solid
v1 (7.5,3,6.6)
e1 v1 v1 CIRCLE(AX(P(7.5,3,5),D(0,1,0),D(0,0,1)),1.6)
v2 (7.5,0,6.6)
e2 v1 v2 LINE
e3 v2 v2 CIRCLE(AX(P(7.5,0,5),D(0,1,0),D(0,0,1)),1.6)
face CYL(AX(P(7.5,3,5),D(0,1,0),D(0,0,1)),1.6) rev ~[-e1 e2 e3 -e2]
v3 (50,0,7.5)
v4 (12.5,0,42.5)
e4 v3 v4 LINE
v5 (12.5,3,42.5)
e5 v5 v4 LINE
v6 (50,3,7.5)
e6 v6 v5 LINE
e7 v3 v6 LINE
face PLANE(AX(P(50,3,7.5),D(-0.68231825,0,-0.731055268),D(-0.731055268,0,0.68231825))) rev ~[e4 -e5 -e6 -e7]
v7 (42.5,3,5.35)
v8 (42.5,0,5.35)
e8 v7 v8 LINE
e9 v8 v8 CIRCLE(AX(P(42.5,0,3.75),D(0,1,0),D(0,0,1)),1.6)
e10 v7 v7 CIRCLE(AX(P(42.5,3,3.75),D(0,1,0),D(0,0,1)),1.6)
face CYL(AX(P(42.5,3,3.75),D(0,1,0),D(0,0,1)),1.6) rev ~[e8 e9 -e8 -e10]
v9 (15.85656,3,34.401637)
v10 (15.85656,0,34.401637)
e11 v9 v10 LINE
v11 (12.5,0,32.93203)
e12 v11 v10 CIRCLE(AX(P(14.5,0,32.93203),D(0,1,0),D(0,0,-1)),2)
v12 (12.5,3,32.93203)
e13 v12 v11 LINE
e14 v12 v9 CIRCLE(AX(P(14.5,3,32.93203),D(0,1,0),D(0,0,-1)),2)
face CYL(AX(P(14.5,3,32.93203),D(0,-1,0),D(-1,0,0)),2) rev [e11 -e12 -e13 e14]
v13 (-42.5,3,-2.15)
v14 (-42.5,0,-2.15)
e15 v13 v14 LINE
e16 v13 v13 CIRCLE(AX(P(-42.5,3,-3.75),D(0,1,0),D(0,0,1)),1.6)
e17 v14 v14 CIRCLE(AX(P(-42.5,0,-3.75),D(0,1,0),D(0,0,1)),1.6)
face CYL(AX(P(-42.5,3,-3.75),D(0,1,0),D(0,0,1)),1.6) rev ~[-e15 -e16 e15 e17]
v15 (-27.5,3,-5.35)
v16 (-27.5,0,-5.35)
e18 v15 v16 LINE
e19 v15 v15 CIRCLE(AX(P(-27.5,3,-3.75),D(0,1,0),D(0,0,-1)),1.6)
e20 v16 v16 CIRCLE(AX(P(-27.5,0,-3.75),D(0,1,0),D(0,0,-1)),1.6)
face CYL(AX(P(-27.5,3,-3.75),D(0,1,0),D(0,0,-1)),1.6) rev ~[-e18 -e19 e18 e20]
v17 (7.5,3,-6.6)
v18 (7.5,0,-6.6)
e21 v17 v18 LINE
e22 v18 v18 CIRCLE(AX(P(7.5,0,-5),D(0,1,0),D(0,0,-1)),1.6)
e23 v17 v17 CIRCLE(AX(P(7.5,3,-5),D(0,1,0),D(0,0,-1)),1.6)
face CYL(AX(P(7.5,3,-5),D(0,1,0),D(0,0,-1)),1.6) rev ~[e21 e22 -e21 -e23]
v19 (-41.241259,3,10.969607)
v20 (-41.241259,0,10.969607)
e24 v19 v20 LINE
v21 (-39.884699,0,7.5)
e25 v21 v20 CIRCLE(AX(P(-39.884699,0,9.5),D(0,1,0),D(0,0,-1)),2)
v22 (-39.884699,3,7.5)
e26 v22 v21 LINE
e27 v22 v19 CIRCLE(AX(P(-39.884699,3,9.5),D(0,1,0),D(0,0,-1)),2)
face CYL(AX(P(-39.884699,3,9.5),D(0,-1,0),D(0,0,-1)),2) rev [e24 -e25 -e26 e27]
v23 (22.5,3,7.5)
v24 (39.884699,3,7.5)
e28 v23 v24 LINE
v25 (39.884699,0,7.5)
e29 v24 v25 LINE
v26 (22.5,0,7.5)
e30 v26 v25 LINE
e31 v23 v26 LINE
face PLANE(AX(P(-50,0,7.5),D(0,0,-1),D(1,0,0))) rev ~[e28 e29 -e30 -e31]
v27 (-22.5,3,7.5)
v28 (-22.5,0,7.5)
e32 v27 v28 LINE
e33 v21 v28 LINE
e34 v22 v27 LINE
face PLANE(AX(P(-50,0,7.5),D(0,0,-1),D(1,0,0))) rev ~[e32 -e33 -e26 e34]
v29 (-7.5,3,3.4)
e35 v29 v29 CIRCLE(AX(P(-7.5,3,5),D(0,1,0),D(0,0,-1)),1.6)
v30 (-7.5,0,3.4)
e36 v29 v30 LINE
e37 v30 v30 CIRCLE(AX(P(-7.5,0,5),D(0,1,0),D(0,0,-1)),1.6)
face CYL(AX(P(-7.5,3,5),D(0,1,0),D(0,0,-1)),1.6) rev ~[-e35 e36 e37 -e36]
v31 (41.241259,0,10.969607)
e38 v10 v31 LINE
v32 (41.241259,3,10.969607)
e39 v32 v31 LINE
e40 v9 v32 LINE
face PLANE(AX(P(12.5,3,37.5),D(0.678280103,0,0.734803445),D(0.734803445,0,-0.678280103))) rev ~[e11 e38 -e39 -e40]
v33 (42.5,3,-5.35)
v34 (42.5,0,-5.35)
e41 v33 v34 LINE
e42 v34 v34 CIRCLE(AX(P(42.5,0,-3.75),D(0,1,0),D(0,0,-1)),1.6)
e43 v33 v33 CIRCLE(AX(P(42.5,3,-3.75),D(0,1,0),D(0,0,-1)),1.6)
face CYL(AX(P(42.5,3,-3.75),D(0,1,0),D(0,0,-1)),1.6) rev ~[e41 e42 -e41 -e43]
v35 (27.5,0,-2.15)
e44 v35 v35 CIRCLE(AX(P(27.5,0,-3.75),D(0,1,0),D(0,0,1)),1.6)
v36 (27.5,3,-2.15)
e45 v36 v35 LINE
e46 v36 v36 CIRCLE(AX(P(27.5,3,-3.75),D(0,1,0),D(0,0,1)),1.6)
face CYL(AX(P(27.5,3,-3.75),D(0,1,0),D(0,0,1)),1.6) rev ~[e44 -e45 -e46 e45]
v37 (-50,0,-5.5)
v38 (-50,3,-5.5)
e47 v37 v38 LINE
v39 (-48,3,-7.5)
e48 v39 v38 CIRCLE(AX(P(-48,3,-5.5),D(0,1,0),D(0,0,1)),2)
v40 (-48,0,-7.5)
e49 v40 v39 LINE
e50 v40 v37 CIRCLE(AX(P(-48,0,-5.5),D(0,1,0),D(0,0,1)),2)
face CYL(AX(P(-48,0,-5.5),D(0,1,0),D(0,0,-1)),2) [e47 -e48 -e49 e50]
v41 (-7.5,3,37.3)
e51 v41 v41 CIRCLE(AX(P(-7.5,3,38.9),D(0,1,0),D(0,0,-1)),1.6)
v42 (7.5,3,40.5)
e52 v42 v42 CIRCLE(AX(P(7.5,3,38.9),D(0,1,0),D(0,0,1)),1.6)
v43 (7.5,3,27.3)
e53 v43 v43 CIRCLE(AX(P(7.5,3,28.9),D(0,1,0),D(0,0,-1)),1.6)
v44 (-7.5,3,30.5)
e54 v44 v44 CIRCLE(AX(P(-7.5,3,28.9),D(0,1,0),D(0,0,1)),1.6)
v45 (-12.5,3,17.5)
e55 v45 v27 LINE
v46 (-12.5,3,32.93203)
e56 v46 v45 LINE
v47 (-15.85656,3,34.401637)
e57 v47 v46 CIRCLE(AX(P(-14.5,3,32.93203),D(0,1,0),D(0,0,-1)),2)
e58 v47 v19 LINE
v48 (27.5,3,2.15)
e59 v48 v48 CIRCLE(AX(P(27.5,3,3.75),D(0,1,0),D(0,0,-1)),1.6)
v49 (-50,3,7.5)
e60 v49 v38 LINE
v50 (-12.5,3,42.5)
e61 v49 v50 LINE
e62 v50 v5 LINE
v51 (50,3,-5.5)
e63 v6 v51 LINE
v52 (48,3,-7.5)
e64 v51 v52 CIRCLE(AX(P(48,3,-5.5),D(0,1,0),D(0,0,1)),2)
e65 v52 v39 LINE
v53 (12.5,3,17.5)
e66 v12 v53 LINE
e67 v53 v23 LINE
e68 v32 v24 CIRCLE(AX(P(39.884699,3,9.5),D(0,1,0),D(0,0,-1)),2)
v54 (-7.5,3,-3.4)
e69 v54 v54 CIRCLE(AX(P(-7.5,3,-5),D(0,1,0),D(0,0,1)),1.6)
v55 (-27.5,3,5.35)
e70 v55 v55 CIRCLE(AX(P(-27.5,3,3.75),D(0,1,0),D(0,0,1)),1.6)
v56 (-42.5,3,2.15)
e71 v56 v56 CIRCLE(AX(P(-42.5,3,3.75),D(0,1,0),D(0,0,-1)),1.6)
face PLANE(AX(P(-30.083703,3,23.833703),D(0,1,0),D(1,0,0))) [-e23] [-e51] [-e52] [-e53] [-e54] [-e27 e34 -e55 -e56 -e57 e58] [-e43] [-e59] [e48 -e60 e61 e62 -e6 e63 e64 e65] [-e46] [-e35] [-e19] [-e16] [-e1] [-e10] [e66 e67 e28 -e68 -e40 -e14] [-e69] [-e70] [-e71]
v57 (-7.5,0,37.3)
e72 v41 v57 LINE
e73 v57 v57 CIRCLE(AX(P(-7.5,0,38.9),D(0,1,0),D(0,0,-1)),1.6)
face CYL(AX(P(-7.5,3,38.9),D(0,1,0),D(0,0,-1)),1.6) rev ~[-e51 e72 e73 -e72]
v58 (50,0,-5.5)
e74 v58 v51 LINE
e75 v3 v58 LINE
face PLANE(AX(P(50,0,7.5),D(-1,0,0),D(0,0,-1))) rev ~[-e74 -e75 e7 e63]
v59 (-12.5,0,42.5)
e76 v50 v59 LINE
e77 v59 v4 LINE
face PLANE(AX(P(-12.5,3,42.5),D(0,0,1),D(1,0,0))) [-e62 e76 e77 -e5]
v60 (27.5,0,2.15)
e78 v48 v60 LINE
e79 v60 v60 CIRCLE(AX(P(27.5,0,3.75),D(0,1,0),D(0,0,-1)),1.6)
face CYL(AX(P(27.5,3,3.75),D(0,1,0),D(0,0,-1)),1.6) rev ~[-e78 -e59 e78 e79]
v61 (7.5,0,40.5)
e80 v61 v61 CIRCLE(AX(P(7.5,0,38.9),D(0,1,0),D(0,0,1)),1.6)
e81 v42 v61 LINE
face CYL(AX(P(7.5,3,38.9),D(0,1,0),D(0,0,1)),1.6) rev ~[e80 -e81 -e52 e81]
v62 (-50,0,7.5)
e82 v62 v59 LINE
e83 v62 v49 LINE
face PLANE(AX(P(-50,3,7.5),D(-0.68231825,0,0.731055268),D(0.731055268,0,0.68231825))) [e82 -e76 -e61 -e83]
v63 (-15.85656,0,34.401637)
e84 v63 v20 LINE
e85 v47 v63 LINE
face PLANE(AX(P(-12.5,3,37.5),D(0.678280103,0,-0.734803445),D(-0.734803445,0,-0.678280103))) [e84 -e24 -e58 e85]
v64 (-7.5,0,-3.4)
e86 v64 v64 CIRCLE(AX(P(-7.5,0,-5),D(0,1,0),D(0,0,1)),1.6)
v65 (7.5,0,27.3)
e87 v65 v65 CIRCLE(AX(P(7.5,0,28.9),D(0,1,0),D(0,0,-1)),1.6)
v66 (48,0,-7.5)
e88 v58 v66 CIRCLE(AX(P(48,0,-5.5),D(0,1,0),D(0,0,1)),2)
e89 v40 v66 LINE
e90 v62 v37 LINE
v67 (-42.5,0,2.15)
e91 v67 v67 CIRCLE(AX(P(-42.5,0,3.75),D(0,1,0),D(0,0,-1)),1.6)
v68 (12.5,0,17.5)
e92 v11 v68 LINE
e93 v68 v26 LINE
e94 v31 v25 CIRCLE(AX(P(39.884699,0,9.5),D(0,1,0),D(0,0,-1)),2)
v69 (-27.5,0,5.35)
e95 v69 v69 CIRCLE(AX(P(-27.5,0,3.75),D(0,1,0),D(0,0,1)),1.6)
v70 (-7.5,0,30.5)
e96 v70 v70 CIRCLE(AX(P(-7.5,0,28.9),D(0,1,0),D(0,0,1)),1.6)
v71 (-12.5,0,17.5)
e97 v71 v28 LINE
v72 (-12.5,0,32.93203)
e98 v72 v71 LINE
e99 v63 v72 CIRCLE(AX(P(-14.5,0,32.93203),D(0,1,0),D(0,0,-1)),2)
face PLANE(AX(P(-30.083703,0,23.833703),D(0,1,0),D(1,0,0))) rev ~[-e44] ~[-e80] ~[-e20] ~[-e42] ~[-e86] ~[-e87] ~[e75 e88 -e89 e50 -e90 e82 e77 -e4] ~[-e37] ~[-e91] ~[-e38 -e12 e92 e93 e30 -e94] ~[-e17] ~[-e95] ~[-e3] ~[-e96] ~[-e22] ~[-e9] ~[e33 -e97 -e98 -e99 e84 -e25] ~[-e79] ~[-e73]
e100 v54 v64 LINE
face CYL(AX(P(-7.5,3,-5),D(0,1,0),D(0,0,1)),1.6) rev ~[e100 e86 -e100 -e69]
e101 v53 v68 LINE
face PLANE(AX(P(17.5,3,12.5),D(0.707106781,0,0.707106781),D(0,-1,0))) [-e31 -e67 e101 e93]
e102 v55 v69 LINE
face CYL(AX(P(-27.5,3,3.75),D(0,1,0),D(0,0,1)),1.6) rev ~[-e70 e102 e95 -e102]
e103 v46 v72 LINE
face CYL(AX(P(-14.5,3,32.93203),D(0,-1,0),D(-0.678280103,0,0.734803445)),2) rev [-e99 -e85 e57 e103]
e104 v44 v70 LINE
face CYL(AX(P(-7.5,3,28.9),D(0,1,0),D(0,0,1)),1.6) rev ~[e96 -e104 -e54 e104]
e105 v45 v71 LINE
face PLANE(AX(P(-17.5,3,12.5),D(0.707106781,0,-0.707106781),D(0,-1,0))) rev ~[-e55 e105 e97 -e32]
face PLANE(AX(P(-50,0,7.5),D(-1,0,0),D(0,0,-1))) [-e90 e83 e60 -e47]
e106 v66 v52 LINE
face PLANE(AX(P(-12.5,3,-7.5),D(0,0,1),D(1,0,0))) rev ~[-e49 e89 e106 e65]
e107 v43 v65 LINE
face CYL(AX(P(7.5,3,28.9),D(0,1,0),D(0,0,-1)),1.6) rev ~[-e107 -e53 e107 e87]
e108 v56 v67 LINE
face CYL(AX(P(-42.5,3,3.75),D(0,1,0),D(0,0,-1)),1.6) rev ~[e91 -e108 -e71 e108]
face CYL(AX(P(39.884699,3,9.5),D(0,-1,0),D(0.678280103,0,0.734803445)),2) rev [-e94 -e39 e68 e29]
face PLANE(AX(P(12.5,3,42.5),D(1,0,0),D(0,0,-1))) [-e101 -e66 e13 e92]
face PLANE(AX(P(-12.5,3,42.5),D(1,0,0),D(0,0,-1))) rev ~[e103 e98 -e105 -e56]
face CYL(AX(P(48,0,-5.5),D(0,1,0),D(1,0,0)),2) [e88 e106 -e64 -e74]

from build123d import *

# Parameters (mm, degrees)
SKETCH_1_W          = 100
SKETCH_1_H          = 15
EXTRUDE_1_DEPTH     = 3
SKETCH_2_W          = 25
SKETCH_2_H          = 50
EXTRUDE_2_DEPTH     = 3
SKETCH_3_R          = 1.6
CUT_EXTRUDE_1_DEPTH = 3
EXTRUDE_3_DEPTH     = 3
CHAMFER_1_SIZE      = 10
FILLET_2_R          = 2


with BuildPart() as part:
    # 草图1 → 凸台-拉伸1 (new body)
    with BuildSketch(Plane(origin=(0, 0, 0), x_dir=(1, 0, 0), z_dir=(0, 1, 0))):
        Rectangle(SKETCH_1_W, SKETCH_1_H)
    extrude(amount=EXTRUDE_1_DEPTH)

    # 草图2 → 凸台-拉伸2 (add)
    with BuildSketch(Plane(origin=(0, 3, 0), x_dir=(1, 0, 0), z_dir=(0, 1, 0))):
        with Locations((0, -17.5)):
            Rectangle(SKETCH_2_W, SKETCH_2_H)
    extrude(amount=-EXTRUDE_2_DEPTH)

    # 草图3 → 切除-拉伸1 (cut)
    with BuildSketch(Plane(origin=(0, 3, 0), x_dir=(1, 0, 0), z_dir=(0, 1, 0))):
        with Locations(Location((-42.5, 3.75, 0), (0, 0, 270))):
            Circle(SKETCH_3_R)
        with Locations(Location((-42.5, -3.75, 0), (0, 0, 90))):
            Circle(SKETCH_3_R)
        with Locations(Location((-27.5, -3.75, 0), (0, 0, 270))):
            Circle(SKETCH_3_R)
        with Locations(Location((-27.5, 3.75, 0), (0, 0, 90))):
            Circle(SKETCH_3_R)
        with Locations(Location((27.5, -3.75, 0), (0, 0, 90))):
            Circle(SKETCH_3_R)
        with Locations(Location((42.5, -3.75, 0), (0, 0, 270))):
            Circle(SKETCH_3_R)
        with Locations(Location((42.5, 3.75, 0), (0, 0, 90))):
            Circle(SKETCH_3_R)
        with Locations(Location((27.5, 3.75, 0), (0, 0, 270))):
            Circle(SKETCH_3_R)
        with Locations(Location((-7.5, 5, 0), (0, 0, 270))):
            Circle(SKETCH_3_R)
        with Locations(Location((-7.5, -5, 0), (0, 0, 90))):
            Circle(SKETCH_3_R)
        with Locations(Location((7.5, -5, 0), (0, 0, 270))):
            Circle(SKETCH_3_R)
        with Locations(Location((7.5, 5, 0), (0, 0, 90))):
            Circle(SKETCH_3_R)
        with Locations(Location((-7.5, -28.9, 0), (0, 0, 270))):
            Circle(SKETCH_3_R)
        with Locations(Location((-7.5, -38.9, 0), (0, 0, 90))):
            Circle(SKETCH_3_R)
        with Locations(Location((7.5, -38.9, 0), (0, 0, 270))):
            Circle(SKETCH_3_R)
        with Locations(Location((7.5, -28.9, 0), (0, 0, 90))):
            Circle(SKETCH_3_R)
    extrude(amount=-CUT_EXTRUDE_1_DEPTH, mode=Mode.SUBTRACT)

    # 草图4 → 凸台-拉伸3 (add)
    with BuildSketch(Plane(origin=(0, 3, 0), x_dir=(1, 0, 0), z_dir=(0, 1, 0))):
        Polygon((-50, -7.5), (-12.5, -42.5), (-12.5, -37.5), (-45, -7.5), align=None)
        Polygon((12.5, -37.5), (45, -7.5), (50, -7.5), (12.5, -42.5), align=None)
    extrude(amount=-EXTRUDE_3_DEPTH)

    # 倒角1
    chamfer_1_edges = [part.edges().sort_by_distance(p)[0] for p in [
        (-12.5, 1.5, 7.5),
        (12.5, 1.5, 7.5),
    ]]
    chamfer(chamfer_1_edges, length=CHAMFER_1_SIZE)

    # 圆角2
    fillet_2_edges = [part.edges().sort_by_distance(p)[0] for p in [
        (-45, 1.5, 7.5),
        (-12.5, 1.5, 37.5),
        (12.5, 1.5, 37.5),
        (45, 1.5, 7.5),
        (-50, 1.5, -7.5),
        (50, 1.5, -7.5),
    ]]
    fillet(fillet_2_edges, radius=FILLET_2_R)


solid = part.part
